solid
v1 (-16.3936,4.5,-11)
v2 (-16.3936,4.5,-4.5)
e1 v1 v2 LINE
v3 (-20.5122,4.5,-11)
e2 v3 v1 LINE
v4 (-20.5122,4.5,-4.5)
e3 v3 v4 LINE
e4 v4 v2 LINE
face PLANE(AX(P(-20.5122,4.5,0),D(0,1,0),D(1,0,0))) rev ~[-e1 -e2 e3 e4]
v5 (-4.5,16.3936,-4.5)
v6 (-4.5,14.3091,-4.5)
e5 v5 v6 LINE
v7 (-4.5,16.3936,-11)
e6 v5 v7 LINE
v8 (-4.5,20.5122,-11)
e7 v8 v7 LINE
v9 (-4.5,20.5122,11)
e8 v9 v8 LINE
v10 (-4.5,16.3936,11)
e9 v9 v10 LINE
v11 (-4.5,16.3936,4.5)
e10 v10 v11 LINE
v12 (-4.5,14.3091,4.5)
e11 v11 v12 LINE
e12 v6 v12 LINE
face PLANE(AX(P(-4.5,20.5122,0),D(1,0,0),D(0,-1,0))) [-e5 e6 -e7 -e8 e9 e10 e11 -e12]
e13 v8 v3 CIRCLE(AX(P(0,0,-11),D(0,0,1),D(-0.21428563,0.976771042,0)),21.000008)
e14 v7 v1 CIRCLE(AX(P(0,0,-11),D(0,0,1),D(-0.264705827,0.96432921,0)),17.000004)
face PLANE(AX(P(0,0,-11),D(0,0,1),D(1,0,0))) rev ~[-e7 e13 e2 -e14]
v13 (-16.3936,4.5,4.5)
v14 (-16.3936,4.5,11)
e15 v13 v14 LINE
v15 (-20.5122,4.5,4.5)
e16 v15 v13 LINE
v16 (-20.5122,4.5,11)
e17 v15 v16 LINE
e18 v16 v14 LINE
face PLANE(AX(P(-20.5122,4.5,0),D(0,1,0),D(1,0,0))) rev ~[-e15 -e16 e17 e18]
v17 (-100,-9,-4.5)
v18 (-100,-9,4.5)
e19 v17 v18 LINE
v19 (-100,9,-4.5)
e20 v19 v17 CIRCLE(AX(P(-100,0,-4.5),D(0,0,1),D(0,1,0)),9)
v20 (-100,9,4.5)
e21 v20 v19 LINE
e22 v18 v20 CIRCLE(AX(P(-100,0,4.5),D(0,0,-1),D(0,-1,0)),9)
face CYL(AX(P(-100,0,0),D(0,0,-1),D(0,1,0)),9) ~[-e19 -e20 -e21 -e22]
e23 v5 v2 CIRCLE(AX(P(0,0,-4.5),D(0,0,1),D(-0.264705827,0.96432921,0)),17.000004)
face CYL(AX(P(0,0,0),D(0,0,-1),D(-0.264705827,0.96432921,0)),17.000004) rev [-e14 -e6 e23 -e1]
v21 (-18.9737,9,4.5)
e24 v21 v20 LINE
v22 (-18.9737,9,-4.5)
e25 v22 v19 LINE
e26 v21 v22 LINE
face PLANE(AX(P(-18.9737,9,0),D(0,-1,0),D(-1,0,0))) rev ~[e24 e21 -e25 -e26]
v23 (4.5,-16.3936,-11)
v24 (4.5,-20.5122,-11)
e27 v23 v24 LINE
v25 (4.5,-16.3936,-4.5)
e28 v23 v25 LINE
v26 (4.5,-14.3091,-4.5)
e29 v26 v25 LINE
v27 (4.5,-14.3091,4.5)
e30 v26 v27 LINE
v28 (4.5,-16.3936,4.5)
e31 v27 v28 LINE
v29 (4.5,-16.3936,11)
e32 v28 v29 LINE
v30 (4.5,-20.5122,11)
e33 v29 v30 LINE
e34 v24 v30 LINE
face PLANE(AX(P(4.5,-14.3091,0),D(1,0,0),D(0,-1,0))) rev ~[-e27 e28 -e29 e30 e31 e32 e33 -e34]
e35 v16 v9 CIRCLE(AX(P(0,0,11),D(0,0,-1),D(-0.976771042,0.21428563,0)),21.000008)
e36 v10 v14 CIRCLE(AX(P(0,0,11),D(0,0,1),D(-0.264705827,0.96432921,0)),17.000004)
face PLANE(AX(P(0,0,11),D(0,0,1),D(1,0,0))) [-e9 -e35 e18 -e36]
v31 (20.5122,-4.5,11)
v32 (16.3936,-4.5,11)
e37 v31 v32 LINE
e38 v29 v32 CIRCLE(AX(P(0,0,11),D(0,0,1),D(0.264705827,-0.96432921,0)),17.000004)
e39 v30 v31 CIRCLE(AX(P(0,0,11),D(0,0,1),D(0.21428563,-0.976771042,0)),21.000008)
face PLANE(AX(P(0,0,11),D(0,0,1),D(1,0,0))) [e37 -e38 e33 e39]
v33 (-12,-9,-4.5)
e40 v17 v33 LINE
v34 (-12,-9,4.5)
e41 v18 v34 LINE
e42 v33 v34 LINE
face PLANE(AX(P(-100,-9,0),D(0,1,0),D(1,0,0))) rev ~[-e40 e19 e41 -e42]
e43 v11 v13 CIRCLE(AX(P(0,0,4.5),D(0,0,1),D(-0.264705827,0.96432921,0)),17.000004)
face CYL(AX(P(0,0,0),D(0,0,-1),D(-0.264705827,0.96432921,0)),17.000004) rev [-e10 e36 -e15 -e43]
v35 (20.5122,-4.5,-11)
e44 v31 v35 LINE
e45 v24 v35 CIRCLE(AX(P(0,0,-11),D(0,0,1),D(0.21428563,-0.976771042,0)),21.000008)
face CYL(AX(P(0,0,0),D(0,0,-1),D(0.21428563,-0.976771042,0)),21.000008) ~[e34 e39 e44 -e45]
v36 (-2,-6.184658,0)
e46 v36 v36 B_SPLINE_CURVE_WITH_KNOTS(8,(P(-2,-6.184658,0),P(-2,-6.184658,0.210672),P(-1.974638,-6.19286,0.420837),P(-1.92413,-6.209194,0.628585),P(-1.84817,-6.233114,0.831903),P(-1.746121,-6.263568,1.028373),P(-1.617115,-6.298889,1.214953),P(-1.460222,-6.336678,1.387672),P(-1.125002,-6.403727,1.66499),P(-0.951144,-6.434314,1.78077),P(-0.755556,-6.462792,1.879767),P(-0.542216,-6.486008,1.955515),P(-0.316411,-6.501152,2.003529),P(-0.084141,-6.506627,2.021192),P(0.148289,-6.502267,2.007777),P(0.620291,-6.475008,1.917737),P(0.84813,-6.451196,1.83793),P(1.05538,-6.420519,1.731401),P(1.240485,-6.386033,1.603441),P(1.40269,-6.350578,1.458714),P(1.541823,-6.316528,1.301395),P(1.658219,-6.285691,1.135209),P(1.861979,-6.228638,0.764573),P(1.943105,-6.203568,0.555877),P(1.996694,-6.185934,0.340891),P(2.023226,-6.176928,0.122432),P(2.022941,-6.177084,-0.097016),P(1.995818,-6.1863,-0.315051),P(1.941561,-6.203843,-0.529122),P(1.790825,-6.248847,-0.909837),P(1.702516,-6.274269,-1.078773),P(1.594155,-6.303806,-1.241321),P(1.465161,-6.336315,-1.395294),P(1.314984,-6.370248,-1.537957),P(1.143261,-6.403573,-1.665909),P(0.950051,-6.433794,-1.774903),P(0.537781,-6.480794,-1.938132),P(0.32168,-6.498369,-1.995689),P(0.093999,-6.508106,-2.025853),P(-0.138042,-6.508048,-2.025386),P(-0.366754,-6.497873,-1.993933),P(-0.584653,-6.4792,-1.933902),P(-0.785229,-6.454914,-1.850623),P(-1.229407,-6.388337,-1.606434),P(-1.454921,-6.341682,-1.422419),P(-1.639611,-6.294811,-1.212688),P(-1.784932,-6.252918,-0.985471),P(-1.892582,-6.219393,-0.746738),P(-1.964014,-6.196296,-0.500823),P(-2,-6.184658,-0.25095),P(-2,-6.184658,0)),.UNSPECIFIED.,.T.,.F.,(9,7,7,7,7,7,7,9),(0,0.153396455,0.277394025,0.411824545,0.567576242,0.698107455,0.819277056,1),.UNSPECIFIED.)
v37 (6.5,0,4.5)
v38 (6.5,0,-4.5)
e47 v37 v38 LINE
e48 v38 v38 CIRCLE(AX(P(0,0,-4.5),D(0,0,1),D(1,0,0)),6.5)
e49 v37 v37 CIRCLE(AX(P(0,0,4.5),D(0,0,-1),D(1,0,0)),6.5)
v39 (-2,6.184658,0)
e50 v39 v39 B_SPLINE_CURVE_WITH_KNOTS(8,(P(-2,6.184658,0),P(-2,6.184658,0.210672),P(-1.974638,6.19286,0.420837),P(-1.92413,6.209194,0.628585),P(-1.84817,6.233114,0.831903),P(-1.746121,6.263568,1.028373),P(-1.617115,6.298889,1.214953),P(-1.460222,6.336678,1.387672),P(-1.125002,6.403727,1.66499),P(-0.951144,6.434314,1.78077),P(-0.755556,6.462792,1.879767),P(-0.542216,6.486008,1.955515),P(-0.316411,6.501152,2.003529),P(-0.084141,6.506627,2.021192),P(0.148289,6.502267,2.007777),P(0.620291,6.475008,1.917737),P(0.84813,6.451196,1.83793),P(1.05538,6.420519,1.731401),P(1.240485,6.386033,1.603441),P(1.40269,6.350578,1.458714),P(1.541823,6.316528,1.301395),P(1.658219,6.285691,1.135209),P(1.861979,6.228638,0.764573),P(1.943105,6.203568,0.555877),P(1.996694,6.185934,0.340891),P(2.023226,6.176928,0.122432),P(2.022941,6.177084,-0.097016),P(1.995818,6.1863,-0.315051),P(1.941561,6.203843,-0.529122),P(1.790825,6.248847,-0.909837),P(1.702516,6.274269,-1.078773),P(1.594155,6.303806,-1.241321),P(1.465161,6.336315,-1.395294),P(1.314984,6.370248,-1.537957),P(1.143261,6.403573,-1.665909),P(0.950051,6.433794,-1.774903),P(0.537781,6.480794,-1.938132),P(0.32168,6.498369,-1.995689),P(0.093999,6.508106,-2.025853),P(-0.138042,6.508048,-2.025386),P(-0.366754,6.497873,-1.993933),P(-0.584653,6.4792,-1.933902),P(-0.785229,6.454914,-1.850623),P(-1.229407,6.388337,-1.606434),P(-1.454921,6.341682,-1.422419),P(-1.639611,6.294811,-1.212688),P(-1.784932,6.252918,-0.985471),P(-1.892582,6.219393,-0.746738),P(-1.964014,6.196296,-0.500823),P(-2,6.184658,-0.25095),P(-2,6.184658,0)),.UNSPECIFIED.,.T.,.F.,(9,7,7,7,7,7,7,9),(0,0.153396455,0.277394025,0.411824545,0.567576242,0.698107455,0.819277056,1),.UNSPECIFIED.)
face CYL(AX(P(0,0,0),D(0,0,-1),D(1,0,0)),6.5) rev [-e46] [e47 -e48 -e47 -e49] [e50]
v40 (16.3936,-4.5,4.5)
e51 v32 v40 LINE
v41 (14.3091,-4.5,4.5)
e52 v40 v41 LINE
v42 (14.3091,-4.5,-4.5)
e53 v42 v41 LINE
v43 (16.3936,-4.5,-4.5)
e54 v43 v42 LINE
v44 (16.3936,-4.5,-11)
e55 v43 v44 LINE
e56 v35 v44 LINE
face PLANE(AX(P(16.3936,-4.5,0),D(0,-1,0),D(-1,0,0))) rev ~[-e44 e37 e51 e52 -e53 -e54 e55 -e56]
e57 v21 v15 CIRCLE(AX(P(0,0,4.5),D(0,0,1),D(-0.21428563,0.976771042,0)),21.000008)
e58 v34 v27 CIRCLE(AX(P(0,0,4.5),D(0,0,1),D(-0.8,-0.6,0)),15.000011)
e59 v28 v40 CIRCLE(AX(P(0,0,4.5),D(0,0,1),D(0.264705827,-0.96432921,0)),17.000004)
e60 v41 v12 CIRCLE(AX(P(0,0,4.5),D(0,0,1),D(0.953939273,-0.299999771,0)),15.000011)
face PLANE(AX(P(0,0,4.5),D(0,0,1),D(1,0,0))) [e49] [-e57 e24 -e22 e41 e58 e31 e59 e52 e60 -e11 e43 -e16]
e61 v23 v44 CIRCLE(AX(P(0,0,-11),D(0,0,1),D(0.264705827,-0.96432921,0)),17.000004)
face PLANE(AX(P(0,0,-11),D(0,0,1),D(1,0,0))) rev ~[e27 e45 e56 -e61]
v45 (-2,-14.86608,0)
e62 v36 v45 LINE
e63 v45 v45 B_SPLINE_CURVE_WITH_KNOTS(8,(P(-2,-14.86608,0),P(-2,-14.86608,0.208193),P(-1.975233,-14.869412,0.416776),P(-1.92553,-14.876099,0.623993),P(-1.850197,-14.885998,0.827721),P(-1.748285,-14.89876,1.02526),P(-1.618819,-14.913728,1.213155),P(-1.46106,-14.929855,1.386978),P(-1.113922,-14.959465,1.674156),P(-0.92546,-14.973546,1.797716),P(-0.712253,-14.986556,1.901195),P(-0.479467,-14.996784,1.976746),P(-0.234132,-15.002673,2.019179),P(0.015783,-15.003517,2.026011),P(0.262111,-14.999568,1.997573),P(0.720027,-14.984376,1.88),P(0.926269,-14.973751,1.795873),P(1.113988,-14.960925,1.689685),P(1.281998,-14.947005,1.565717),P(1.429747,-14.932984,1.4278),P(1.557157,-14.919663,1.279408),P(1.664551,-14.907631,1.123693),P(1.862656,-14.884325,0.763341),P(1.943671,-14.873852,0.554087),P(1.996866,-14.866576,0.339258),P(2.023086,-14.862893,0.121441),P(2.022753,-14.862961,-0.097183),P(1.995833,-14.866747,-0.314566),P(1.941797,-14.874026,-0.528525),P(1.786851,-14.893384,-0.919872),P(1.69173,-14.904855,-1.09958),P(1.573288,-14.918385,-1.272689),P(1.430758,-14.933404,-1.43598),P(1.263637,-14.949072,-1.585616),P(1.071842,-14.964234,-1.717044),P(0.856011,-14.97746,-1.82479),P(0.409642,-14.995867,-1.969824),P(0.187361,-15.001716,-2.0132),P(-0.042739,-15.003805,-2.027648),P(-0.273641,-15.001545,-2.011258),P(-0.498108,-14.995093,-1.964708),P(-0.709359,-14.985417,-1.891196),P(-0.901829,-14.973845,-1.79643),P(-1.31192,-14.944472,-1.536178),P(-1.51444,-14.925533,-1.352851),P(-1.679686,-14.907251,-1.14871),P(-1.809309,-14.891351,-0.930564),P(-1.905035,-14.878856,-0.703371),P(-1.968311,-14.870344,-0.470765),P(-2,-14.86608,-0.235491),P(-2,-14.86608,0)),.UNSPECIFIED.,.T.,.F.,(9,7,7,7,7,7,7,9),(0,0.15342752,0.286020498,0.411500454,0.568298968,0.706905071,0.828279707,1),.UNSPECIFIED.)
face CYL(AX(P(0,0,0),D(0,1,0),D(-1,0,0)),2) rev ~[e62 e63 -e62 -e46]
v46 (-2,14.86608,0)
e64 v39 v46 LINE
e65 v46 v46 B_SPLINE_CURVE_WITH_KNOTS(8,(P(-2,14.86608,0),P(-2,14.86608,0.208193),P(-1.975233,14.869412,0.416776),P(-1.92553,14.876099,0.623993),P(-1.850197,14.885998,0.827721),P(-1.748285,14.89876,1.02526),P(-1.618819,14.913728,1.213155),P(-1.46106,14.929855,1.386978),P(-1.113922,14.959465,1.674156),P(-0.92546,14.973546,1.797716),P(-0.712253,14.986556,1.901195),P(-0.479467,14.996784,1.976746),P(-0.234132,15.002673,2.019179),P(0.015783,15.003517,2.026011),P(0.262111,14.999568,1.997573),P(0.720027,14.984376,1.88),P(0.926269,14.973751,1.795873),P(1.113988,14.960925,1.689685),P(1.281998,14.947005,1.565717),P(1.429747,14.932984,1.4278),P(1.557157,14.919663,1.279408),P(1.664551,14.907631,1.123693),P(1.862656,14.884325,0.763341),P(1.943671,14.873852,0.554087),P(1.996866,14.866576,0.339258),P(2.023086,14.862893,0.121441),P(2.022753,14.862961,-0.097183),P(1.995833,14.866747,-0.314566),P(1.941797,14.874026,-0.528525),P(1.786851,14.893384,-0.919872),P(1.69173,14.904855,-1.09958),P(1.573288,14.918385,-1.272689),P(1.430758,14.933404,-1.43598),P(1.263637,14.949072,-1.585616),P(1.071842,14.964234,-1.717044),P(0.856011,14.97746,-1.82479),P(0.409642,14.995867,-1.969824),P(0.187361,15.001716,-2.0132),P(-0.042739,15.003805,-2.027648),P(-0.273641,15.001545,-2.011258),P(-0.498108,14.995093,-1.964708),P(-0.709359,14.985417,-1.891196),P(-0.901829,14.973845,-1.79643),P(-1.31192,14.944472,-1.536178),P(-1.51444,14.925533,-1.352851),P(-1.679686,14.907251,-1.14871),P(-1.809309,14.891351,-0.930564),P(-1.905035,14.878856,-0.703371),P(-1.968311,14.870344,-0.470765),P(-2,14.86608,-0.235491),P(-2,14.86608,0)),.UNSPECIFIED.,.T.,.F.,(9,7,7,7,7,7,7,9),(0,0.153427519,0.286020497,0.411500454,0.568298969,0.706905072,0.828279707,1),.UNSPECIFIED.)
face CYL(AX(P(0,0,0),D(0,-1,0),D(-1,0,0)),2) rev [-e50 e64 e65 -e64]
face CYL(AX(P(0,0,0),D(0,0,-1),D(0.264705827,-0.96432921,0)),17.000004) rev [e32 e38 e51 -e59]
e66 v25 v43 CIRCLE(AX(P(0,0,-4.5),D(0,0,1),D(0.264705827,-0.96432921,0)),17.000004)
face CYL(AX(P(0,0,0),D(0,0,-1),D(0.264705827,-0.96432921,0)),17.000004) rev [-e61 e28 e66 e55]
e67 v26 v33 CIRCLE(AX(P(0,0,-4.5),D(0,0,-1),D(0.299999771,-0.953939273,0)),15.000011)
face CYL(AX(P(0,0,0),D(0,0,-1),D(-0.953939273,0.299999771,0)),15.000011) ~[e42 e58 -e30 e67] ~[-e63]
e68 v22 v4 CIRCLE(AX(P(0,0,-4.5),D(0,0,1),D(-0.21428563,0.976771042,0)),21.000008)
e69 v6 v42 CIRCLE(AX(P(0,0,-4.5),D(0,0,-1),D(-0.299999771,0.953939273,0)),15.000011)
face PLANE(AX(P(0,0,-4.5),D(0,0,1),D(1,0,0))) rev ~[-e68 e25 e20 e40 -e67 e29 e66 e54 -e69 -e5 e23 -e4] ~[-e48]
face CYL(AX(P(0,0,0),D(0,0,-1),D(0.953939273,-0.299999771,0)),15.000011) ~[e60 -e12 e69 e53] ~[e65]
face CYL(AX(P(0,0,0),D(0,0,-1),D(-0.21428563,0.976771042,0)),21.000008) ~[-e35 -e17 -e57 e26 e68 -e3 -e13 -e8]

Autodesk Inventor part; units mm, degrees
ref_plane "YZ Plane" through (0, 0, 0) normal (1, 0, 0) x (0, 1, 0)
ref_plane "XZ Plane" through (0, 0, 0) normal (0, 1, 0) x (-1, 0, 0)
ref_plane "XY Plane" through (0, 0, 0) normal (0, 0, 1) x (1, 0, 0)
sketch "Sketch1" plane through (0, 0, 0) normal (0, 0, 1) x (1, 0, 0)
  line L0 (-122.1855, 0) -> (62.4119, 0) projected
  line L1 (0, -27.4264) -> (0, 36.5685) projected
  circle A0 centre (0, 0) radius 6.5
  line L2 (-4.5, 20.5122) -> (-4.5, 14.3091)
  line L3 (-20.5122, 4.5) -> (-14.3091, 4.5)
  line L4 (4.5, -14.3091) -> (4.5, -20.5122)
  line L5 (20.5122, -4.5) -> (14.3091, -4.5)
  arc A1 (-4.5, 20.5122) -> (-20.5122, 4.5) centre (0, 0) ccw
  arc A2 (4.5, -20.5122) -> (20.5122, -4.5) centre (0, 0) ccw
  arc A3 (-4.5, 16.3936) -> (-16.3936, 4.5) centre (0, 0) ccw
  arc A4 (4.5, -16.3936) -> (16.3936, -4.5) centre (0, 0) ccw
  arc A5 (-14.3091, 4.5) -> (4.5, -14.3091) centre (0, 0) ccw
  arc A6 (14.3091, -4.5) -> (-4.5, 14.3091) centre (0, 0) ccw
  line L6 (-18.9737, 9) -> (-100, 9)
  arc A7 (-100, 9) -> (-100, -9) centre (-100, 0) ccw
  line L7 (-100, -9) -> (-12, -9)
  dimension "d0" = 13
  dimension "d1" = 30
  dimension "d2" = 34
  dimension "d3" = 42
  dimension "d4" = 4.5
  dimension "d5" = 4.5
  dimension "d6" = 100
  dimension "d7" = 9
extrude "Extrusion1" add sketch "Sketch1" along normal mid plane 9 contours A7 L6 A1 L3 A5 L0 | L0 A5 L7 A7 | A5 L3 A3 L2 A6 L1 A0 L0 | L0 A0 L1 A5 | L1 A6 L0 A0 | A0 L0 A6 L5 A4 L4 A5 L1
extrude "Extrusion2" add sketch "Sketch1" along normal mid plane 22 contours A1 L2 A3 L3 | A4 L5 A2 L4
sketch "Sketch2" plane through (0, 0, 0) normal (0, 1, 0) x (-1, 0, 0)
  line L0 (2.4, 0) -> (-3.2, 0) projected
  line L1 (0, -2.4) -> (0, 3.2) projected
  circle A0 centre (0, 0) radius 2
  dimension "d12" = 4
extrude "Extrusion3" cut sketch "Sketch2" along normal through all both and the other way through all
properties part number "Handle" material "Steel, Mild"
